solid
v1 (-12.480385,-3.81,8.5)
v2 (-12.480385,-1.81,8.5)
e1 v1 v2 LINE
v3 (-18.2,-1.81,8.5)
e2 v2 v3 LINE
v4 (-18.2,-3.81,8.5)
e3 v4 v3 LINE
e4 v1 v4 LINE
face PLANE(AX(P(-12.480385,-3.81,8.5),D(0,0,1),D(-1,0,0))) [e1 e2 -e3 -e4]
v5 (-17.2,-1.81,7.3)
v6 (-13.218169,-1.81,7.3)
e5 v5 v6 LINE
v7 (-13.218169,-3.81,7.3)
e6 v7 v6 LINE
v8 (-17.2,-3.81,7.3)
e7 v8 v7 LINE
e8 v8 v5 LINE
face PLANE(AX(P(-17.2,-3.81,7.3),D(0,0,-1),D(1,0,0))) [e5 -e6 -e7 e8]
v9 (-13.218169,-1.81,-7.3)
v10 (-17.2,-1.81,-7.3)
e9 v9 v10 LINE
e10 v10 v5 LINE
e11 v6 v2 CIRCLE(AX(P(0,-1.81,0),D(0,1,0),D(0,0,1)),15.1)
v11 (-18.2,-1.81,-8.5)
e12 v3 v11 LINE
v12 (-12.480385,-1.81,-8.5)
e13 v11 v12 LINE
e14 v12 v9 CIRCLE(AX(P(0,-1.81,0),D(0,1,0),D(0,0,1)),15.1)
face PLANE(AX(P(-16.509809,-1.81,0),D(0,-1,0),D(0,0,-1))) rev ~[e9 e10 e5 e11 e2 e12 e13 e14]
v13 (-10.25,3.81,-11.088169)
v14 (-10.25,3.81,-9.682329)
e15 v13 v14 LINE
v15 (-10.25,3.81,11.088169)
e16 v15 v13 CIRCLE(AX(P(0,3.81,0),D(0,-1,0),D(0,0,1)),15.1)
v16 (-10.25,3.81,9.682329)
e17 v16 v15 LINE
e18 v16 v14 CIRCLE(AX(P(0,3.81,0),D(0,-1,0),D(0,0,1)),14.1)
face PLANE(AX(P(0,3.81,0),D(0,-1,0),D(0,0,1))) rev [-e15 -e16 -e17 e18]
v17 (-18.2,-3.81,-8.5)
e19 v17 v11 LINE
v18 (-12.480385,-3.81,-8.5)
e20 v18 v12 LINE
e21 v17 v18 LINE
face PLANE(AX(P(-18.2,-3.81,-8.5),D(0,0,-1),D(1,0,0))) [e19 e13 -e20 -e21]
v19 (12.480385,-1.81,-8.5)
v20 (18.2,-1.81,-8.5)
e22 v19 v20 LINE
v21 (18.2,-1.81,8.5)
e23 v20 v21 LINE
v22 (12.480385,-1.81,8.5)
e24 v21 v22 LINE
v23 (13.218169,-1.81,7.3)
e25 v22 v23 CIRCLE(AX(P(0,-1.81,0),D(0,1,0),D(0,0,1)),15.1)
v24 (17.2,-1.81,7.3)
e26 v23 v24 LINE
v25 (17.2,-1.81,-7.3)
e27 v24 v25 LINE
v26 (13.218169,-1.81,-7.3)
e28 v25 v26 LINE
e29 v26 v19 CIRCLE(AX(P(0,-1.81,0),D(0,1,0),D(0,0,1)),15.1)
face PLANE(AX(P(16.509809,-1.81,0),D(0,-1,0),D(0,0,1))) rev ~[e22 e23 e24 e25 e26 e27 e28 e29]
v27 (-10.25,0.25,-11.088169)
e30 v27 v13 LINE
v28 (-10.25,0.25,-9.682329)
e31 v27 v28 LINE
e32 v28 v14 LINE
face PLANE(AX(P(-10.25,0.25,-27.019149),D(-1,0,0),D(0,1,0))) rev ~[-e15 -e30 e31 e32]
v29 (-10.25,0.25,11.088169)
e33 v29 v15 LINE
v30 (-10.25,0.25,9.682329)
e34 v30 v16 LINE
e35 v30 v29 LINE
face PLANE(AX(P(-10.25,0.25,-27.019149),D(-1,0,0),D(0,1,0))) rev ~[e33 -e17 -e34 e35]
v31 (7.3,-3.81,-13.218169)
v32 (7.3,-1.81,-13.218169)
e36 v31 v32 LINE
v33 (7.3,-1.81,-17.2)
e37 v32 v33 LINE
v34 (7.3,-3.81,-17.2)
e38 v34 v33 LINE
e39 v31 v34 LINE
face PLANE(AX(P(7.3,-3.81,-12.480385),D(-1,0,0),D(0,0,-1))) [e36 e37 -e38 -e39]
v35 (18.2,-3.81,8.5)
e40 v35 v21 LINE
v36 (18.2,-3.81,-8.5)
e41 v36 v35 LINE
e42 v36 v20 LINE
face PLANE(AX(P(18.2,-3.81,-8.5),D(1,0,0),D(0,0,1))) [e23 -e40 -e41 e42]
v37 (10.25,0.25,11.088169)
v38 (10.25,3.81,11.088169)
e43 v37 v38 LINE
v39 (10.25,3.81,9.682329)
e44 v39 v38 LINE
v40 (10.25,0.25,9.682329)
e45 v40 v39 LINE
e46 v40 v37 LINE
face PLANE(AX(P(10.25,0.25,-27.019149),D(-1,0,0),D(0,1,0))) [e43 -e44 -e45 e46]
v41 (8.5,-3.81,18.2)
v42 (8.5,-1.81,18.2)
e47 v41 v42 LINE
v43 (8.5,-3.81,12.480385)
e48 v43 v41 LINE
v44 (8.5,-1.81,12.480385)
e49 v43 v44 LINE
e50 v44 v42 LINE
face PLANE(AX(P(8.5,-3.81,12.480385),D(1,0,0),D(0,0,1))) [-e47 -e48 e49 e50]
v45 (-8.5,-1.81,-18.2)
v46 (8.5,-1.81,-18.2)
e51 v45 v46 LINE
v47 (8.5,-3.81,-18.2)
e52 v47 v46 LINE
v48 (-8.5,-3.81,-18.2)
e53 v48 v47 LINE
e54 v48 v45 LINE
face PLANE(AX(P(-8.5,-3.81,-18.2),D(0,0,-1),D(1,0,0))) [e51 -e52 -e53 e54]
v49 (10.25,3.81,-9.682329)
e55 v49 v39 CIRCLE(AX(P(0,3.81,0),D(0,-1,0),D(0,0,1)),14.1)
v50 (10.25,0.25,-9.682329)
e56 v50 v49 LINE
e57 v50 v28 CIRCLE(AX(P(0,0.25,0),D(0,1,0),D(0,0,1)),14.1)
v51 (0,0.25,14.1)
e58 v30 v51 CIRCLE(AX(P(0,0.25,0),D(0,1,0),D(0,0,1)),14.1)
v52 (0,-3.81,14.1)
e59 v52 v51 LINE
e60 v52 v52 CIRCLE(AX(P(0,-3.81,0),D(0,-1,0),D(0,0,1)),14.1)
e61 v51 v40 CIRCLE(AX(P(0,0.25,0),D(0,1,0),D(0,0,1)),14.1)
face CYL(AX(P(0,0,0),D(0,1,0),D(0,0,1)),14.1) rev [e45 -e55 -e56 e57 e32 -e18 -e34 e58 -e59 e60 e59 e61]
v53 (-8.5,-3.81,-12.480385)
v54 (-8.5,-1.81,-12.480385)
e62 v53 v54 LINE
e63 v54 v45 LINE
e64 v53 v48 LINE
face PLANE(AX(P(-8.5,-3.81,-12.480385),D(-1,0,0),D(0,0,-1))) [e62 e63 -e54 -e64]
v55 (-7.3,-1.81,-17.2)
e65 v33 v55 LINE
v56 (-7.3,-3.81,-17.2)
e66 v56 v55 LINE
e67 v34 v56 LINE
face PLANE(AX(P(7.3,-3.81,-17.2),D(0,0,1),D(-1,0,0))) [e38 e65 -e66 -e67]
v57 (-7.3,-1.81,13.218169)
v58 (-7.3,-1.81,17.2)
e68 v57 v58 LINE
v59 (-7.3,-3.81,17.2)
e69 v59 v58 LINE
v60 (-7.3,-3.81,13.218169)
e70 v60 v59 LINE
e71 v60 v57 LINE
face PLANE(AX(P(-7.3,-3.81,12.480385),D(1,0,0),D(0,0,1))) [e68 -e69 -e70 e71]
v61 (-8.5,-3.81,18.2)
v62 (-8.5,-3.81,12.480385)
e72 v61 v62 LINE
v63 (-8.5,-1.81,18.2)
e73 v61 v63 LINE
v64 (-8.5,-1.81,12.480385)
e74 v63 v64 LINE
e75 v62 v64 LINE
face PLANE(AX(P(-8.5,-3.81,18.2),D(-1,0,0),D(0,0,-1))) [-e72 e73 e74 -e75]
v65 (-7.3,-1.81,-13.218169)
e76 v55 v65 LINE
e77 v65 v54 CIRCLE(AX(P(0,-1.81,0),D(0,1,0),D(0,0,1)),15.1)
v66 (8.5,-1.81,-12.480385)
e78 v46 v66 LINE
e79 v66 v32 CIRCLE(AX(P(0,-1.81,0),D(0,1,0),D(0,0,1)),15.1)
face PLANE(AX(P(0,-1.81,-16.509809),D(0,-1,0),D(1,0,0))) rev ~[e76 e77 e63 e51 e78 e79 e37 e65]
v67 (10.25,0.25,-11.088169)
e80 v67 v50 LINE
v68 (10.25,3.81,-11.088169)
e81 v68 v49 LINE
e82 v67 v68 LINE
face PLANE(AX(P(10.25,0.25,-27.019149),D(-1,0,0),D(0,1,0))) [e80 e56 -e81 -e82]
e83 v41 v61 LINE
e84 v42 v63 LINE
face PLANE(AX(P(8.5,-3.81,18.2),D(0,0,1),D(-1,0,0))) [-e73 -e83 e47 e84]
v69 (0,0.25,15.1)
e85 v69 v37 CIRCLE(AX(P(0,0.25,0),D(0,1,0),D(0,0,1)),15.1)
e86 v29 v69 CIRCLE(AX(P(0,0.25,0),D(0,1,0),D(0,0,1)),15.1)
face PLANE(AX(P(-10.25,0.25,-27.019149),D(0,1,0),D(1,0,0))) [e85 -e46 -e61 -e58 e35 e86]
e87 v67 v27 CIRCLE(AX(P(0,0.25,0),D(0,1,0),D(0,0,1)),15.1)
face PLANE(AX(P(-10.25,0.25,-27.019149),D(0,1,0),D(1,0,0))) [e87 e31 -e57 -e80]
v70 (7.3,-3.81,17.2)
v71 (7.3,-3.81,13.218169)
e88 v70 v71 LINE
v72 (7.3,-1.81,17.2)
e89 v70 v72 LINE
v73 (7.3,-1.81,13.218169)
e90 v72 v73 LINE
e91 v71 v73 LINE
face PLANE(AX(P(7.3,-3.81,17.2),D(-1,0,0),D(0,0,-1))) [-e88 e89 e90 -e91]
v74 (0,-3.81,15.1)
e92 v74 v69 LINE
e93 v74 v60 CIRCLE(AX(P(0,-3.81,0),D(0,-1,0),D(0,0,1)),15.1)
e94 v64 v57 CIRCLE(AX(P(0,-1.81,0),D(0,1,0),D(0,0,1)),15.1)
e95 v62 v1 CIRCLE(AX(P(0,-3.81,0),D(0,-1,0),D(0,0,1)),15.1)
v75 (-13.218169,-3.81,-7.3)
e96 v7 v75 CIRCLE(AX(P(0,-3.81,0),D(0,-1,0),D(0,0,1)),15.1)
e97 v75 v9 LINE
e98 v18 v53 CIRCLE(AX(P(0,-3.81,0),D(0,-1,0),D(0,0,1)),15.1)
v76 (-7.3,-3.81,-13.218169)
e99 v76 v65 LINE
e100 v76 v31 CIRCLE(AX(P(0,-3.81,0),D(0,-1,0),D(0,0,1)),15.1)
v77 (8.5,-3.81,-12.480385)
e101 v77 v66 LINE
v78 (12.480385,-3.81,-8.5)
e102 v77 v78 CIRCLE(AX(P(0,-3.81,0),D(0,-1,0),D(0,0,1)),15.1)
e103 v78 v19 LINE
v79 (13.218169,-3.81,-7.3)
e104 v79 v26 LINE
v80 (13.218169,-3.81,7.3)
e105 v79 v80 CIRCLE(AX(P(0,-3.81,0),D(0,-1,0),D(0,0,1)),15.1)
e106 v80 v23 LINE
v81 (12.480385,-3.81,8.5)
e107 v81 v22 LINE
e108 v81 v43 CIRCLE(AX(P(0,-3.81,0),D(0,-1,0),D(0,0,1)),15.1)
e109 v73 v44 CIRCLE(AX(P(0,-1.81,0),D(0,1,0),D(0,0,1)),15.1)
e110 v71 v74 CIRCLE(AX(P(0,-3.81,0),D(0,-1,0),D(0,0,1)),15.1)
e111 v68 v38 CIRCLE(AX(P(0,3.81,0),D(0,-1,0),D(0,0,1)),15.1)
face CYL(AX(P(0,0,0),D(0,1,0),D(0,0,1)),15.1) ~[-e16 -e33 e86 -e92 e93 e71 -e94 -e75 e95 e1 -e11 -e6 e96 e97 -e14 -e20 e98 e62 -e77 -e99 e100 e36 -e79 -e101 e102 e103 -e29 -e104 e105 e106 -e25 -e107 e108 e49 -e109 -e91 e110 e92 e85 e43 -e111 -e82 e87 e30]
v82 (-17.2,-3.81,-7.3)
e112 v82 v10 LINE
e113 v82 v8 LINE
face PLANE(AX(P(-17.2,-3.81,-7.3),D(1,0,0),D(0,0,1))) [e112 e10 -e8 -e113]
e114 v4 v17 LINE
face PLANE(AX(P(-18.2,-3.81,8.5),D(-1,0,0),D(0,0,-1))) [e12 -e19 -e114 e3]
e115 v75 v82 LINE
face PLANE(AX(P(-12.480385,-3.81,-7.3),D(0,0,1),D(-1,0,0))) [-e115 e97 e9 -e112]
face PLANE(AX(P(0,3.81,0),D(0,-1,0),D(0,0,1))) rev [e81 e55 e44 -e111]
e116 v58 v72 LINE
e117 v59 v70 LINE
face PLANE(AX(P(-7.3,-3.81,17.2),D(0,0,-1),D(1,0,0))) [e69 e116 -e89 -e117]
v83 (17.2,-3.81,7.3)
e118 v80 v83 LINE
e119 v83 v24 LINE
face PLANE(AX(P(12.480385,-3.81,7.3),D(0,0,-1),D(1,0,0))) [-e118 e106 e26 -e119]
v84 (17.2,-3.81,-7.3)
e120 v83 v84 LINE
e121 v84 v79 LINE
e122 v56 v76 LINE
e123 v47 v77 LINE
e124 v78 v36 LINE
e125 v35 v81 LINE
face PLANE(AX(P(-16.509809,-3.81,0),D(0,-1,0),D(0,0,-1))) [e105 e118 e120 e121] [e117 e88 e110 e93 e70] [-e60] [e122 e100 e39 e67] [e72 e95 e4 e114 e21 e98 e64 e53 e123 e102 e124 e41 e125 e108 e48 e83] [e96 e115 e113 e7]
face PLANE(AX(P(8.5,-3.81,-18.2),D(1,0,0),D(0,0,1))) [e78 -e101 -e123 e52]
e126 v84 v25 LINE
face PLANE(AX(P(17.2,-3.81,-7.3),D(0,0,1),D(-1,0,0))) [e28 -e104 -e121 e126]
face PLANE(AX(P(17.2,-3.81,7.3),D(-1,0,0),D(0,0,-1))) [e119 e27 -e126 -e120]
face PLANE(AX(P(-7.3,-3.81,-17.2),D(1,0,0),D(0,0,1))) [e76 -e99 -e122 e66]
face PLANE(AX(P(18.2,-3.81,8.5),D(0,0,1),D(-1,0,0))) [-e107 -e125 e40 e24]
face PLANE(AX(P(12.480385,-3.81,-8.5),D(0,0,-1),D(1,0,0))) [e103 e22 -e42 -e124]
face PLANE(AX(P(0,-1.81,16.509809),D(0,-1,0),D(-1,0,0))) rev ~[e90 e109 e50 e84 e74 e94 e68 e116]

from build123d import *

# Parameters (mm, degrees)
CROQUIS1_W                 = 1
CROQUIS1_H                 = 7.62
SALIENTE_EXTRUIR1_START    = -3.81
SALIENTE_EXTRUIR1_DEPTH    = 2
MATRIZC1_COUNT             = 4
CORTAR_EXTRUIR1_DEPTH      = 27.019148718
CORTAR_EXTRUIR1_DEPTH_BACK = 27.019148718
CROQUIS4_W                 = 20.5
CROQUIS4_H                 = 3.56


with BuildPart() as part:
    # Croquis1 → Revolución1 (revolve)
    with BuildSketch(Plane.XY, mode=Mode.PRIVATE) as revoluci_n1_sk:
        with Locations((14.6, 0)):
            Rectangle(CROQUIS1_W, CROQUIS1_H)
    revolve(revoluci_n1_sk.sketch.rotate(Axis((0, 5.941666667, 0), (0, -1, 0)), 90), axis=Axis((0, 5.941666667, 0), (0, -1, 0)))

    # Croquis2 → Saliente-Extruir1 (add)
    with BuildSketch(Plane(origin=(0, 0, 0), x_dir=(1, 0, 0), z_dir=(0, 1, 0)).offset(SALIENTE_EXTRUIR1_START)):
        Polygon((8.5, -18.2), (-8.5, -18.2), (-8.5, -12.480384609), (-7.3, -12.480384609), (-7.3, -17.2), (7.3, -17.2), (7.3, -12.480384609), (8.5, -12.480384609), align=None)
    saliente_extruir1 = extrude(amount=SALIENTE_EXTRUIR1_DEPTH)

    # MatrizC1: Saliente-Extruir1 ×4 about axis
    matrizc1_axis = Axis((0, 0, 0), (0, 1, 0))
    for i in range(1, MATRIZC1_COUNT):
        add(saliente_extruir1.rotate(matrizc1_axis, i * 360 / MATRIZC1_COUNT))

    # Croquis4 → Cortar-Extruir1 (cut, two sides: drawn at the far end of the back side and taken through both)
    with BuildSketch(Plane.XY.offset(-CORTAR_EXTRUIR1_DEPTH_BACK)):
        with Locations((0, 2.03)):
            Rectangle(CROQUIS4_W, CROQUIS4_H)
    extrude(amount=CORTAR_EXTRUIR1_DEPTH + CORTAR_EXTRUIR1_DEPTH_BACK, mode=Mode.SUBTRACT)


solid = part.part
